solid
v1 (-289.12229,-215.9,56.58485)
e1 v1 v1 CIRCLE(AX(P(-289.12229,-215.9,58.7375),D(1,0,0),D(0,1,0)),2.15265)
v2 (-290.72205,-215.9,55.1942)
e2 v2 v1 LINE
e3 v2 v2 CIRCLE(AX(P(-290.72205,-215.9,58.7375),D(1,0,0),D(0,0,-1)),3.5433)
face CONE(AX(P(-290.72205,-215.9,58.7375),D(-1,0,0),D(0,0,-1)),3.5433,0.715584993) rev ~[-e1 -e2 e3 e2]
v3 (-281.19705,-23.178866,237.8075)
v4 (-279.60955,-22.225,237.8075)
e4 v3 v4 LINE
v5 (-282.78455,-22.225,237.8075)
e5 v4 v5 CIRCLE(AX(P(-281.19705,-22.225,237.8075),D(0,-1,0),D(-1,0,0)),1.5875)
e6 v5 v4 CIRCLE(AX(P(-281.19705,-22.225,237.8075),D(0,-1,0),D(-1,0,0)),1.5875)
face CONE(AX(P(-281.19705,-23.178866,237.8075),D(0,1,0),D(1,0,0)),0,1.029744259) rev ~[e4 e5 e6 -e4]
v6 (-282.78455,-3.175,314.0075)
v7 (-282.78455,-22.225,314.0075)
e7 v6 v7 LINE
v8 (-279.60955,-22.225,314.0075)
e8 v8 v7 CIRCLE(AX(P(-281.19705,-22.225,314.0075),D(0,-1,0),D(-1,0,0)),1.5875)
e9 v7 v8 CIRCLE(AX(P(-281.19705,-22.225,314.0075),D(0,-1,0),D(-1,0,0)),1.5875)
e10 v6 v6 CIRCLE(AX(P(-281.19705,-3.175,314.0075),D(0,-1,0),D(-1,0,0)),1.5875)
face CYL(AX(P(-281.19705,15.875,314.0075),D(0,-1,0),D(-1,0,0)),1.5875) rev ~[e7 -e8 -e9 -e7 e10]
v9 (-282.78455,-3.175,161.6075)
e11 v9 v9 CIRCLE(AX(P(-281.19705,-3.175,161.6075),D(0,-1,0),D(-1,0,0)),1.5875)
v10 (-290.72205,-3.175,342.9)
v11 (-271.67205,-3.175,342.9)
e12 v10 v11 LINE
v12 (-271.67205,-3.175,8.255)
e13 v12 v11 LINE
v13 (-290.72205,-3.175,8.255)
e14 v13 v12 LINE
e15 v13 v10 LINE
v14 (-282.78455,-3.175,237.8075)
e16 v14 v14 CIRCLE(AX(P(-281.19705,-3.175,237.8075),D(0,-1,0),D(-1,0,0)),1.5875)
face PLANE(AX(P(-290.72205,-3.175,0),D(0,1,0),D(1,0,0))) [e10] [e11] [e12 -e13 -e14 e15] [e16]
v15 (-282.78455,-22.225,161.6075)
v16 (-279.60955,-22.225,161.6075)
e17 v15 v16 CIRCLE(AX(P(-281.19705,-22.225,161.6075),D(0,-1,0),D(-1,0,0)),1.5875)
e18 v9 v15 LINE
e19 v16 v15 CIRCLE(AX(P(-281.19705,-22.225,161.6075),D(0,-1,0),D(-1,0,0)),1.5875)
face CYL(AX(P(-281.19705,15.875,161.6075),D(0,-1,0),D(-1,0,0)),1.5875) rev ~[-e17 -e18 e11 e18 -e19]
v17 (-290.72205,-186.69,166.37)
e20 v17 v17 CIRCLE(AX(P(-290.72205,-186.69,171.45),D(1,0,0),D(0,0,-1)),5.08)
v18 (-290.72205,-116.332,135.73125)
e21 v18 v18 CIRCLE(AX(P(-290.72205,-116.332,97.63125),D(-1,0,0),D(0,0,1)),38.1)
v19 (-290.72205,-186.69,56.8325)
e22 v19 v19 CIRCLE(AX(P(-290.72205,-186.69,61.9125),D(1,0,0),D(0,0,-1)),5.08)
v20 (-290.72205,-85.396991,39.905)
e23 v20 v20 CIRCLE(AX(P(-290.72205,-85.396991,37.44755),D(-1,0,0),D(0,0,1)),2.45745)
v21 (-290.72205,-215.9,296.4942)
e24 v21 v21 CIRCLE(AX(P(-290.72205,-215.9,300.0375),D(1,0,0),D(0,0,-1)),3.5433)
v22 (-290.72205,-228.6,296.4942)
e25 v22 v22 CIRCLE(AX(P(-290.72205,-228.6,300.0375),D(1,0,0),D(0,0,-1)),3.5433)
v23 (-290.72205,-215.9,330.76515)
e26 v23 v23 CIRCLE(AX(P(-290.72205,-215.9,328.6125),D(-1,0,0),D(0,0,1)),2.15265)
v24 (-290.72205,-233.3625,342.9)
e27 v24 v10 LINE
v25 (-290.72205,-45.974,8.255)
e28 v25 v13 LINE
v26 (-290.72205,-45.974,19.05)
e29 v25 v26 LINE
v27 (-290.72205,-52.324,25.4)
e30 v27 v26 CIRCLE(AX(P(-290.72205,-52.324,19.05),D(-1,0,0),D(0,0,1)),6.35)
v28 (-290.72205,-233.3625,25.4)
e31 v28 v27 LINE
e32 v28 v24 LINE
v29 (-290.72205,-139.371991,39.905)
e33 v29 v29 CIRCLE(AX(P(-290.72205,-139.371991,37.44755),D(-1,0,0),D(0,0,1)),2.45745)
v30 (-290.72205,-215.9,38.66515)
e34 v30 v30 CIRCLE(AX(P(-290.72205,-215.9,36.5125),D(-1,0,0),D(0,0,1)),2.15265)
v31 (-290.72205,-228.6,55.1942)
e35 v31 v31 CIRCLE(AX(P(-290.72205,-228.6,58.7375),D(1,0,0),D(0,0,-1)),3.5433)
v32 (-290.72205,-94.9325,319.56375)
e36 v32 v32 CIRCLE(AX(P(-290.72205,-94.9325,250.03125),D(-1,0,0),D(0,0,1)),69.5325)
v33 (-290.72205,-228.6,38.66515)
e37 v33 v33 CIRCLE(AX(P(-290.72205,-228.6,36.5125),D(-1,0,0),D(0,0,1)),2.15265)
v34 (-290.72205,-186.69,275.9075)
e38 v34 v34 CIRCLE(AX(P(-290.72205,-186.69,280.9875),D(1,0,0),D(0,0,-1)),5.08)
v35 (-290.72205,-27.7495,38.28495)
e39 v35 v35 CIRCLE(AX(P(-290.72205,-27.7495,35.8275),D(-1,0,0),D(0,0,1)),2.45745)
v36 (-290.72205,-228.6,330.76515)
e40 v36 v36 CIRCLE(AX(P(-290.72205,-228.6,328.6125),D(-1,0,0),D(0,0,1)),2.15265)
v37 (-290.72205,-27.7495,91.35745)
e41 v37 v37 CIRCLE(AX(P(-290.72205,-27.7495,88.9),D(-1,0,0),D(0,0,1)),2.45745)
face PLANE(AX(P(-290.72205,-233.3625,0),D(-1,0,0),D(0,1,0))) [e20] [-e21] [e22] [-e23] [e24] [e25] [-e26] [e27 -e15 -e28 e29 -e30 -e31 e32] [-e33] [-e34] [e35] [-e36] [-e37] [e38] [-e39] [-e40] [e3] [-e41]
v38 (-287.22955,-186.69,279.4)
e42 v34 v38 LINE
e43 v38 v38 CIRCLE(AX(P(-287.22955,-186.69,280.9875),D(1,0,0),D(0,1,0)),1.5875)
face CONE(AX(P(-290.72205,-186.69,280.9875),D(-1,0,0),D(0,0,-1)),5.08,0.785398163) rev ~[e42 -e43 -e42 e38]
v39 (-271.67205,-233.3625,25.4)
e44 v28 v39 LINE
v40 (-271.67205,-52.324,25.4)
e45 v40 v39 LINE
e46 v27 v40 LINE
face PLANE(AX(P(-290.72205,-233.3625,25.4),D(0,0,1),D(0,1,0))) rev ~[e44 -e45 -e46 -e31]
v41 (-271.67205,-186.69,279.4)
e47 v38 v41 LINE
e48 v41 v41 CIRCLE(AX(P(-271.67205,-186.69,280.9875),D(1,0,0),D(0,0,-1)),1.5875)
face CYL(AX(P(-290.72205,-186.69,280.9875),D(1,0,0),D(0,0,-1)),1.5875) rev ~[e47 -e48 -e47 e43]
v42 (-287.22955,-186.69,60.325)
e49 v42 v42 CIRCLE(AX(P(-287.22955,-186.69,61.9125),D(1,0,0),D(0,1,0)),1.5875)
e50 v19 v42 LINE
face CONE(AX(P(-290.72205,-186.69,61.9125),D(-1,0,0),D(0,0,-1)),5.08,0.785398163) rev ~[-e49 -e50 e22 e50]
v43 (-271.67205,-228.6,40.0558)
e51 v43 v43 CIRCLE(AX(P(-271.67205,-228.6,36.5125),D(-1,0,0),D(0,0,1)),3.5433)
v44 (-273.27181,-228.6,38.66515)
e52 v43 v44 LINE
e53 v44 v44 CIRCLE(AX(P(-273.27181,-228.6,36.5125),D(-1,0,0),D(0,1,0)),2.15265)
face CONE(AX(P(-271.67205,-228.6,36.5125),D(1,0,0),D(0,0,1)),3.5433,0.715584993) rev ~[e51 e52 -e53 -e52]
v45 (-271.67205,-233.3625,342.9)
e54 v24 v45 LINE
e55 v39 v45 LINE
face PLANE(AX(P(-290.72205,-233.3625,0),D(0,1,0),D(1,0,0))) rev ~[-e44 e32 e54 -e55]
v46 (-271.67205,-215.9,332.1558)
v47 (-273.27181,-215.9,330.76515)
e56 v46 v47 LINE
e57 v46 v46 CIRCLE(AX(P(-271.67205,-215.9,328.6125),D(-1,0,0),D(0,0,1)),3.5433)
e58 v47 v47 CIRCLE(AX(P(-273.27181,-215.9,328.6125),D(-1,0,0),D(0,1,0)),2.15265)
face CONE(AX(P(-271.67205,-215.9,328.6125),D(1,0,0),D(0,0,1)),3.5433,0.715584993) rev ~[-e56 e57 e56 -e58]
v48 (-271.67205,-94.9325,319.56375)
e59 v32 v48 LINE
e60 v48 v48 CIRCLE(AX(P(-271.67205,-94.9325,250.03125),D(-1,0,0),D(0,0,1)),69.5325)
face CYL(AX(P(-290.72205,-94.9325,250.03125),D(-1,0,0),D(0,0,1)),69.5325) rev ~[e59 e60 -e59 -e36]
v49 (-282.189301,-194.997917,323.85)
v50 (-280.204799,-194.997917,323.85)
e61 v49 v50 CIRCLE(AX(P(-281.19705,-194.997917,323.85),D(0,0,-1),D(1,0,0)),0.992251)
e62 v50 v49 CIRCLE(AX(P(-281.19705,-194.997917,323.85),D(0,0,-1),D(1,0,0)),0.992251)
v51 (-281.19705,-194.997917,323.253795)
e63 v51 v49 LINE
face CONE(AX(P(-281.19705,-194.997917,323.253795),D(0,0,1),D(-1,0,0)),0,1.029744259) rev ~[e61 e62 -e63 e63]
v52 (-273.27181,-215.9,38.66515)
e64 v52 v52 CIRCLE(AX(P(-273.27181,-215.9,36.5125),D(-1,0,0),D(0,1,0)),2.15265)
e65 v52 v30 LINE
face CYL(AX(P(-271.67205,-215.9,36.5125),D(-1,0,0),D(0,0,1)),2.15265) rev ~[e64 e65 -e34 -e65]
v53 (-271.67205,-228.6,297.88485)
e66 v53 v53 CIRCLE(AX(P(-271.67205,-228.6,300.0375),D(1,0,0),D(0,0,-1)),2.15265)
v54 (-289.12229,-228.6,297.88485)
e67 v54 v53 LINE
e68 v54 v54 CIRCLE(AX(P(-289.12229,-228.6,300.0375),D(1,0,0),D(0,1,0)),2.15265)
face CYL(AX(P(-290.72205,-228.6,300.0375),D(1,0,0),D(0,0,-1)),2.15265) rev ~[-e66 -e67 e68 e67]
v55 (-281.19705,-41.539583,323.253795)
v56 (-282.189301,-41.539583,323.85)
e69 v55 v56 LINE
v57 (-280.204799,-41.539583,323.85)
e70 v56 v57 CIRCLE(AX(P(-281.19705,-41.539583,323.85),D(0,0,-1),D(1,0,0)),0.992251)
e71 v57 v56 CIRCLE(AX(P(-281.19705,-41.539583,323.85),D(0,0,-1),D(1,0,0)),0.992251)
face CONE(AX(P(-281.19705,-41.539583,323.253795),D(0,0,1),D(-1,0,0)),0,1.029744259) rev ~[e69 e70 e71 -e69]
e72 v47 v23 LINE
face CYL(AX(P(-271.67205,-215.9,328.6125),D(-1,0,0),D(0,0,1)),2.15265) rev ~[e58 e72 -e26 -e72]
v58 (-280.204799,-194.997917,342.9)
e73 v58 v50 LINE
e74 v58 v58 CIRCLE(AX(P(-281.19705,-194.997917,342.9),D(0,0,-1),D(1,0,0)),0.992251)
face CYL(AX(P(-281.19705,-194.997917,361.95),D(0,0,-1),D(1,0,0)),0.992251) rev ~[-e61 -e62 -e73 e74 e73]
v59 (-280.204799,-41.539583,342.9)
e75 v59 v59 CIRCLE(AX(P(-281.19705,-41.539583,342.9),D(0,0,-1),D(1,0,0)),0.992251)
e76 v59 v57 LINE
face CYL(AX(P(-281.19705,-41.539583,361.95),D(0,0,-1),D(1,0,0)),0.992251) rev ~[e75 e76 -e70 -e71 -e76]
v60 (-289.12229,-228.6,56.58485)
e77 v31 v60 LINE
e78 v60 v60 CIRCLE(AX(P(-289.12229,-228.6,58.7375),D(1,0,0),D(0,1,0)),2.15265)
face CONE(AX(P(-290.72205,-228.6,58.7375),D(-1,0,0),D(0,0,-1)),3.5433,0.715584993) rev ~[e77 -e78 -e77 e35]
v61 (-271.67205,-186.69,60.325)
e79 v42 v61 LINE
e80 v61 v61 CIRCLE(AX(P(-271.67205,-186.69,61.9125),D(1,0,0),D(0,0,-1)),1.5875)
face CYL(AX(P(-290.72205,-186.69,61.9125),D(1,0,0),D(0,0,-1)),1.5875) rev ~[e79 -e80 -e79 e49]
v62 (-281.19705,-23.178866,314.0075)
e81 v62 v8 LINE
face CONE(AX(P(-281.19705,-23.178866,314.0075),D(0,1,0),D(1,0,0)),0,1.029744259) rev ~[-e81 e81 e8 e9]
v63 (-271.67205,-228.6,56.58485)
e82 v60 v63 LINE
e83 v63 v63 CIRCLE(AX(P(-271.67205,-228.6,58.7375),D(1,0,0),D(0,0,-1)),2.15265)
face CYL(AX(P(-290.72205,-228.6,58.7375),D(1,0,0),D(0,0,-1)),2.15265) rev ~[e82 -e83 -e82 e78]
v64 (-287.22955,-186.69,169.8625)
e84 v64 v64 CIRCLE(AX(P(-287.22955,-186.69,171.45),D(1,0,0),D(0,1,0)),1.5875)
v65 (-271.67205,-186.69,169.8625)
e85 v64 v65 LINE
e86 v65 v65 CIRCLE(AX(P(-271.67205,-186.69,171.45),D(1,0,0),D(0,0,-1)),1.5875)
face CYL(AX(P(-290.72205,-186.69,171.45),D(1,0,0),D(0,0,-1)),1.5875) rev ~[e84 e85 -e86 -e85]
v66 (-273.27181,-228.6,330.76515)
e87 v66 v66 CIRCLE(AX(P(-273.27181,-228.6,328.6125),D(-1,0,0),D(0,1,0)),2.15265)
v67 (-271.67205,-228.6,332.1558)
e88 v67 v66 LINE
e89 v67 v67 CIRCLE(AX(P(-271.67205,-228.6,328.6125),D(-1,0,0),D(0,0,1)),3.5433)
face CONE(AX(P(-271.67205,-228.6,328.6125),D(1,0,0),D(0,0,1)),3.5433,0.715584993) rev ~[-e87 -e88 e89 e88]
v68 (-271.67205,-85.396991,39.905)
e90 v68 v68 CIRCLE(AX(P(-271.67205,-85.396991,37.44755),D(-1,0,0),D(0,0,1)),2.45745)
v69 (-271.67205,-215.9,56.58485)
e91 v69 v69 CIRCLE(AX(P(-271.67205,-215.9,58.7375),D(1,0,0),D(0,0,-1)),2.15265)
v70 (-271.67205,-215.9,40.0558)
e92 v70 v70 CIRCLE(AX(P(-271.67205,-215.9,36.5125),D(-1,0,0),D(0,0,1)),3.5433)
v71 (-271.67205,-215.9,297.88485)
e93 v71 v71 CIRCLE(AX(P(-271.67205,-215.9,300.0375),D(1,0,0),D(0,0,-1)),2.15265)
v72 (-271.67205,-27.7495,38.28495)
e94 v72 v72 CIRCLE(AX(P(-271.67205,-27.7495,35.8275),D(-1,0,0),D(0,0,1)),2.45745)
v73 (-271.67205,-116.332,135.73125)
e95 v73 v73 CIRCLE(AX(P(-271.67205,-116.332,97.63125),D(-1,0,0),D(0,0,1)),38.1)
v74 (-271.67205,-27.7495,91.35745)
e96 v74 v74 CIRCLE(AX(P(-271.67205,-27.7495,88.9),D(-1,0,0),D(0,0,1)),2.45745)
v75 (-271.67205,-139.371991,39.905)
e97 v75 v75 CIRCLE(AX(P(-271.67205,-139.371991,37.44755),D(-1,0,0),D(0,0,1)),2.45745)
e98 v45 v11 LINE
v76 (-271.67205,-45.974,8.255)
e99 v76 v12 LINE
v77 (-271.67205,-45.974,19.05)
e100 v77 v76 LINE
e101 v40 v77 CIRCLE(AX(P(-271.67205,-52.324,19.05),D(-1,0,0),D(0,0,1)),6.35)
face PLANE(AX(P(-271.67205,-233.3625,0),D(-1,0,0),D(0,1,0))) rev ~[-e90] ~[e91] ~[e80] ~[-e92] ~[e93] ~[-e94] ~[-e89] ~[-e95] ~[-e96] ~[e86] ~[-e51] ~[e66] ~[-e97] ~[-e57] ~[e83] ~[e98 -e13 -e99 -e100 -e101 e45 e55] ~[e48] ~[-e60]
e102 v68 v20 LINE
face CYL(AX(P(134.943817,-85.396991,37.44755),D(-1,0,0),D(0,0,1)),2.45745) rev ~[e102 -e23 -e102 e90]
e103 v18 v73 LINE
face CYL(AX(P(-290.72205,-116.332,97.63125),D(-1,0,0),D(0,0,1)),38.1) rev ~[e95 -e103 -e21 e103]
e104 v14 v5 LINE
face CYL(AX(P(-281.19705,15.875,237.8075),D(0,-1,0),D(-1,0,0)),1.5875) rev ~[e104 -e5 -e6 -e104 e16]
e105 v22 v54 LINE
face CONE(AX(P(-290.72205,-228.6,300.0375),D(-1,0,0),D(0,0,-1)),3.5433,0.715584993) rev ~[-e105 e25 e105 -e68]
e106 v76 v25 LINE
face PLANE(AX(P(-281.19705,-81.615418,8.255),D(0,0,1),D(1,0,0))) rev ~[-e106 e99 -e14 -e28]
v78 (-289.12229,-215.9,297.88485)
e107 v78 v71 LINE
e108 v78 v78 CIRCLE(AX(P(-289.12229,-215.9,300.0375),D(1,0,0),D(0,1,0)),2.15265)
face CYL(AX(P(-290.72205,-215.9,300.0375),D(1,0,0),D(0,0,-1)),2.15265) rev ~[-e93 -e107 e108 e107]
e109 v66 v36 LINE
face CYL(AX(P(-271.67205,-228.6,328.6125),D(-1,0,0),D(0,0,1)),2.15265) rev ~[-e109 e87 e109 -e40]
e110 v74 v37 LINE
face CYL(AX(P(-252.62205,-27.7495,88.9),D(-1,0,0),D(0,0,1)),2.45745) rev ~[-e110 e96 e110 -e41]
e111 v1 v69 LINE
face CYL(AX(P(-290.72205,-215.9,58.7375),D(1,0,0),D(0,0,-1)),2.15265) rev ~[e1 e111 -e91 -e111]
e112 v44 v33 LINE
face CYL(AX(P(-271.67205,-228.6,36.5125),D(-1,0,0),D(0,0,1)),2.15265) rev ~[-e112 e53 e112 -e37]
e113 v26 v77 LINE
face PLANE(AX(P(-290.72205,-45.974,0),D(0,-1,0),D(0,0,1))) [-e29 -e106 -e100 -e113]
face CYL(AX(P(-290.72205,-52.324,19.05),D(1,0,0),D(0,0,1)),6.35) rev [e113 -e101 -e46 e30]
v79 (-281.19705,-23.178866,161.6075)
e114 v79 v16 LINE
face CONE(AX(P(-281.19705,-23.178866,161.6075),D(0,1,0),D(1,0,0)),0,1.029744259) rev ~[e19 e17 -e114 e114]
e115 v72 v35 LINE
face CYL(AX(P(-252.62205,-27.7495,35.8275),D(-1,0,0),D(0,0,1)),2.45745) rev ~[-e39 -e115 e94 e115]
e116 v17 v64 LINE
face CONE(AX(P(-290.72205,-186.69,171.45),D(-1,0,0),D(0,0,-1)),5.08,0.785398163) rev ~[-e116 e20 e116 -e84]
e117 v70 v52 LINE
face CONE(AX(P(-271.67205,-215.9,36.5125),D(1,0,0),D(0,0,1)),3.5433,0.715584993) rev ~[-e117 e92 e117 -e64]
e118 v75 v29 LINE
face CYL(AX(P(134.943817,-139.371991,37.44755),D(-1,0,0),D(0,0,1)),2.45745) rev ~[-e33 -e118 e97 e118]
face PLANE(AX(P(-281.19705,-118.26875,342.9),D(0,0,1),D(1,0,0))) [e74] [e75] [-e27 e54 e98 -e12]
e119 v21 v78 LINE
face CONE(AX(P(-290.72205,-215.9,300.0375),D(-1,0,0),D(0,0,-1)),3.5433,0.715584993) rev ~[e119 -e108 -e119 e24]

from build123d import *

# Parameters (mm, degrees)
SKETCH1_W                                         = 19.05
SKETCH1_H                                         = 230.1875
BOSS_EXTRUDE1_DEPTH                               = 342.9
SKETCH2_W                                         = 19.05
SKETCH2_H                                         = 156.880836743
CUT_EXTRUDE1_DEPTH                                = 8.255
F_15_64_0_23438_DIAMETER_HOLE3_D                  = 5.953252
F_15_64_0_23438_DIAMETER_HOLE3_DEPTH              = 12.7
F_15_64_0_23438_DIAMETER_HOLE3_TIP                = 1.788537341
F_5_64_0_07813_DIAMETER_HOLE1_D                   = 3.175
F_5_64_0_07813_DIAMETER_HOLE1_DEPTH               = 38.1
F_5_64_0_07813_DIAMETER_HOLE1_CSINK_D             = 10.16
F_5_64_0_07813_DIAMETER_HOLE1_CSINK_ANGLE         = 82
F_5_64_0_07813_DIAMETER_HOLE1_TIP                 = 0.953866233
F_5_64_0_07813_DIAMETER_HOLE2_D                   = 1.984502
F_5_64_0_07813_DIAMETER_HOLE2_DEPTH               = 38.1
F_5_64_0_07813_DIAMETER_HOLE2_CSINK_D             = 10.16
F_5_64_0_07813_DIAMETER_HOLE2_CSINK_ANGLE         = 82
F_5_64_0_07813_DIAMETER_HOLE2_TIP                 = 0.59620455
F_1_8_0_125_DIAMETER_HOLE1_D                      = 3.175
F_1_8_0_125_DIAMETER_HOLE1_DEPTH                  = 19.05
F_1_8_0_125_DIAMETER_HOLE1_CSINK_D                = 10.16
F_1_8_0_125_DIAMETER_HOLE1_CSINK_ANGLE            = 90
F_8_CLEARANCE_HOLE1_D                             = 4.9149
F_8_CLEARANCE_HOLE1_DEPTH                         = 19.05
CSK_FOR_6_FLAT_HEAD_MACHINE_SCREW_100_D           = 4.3053
CSK_FOR_6_FLAT_HEAD_MACHINE_SCREW_100_DEPTH       = 19.05
CSK_FOR_6_FLAT_HEAD_MACHINE_SCREW_100_CSINK_D     = 7.0866
CSK_FOR_6_FLAT_HEAD_MACHINE_SCREW_100_CSINK_ANGLE = 82
CSK_FOR_6_FLAT_HEAD_MACHINE_SCREW1_D              = 4.3053
CSK_FOR_6_FLAT_HEAD_MACHINE_SCREW1_DEPTH          = 19.05
CSK_FOR_6_FLAT_HEAD_MACHINE_SCREW1_CSINK_D        = 7.0866
CSK_FOR_6_FLAT_HEAD_MACHINE_SCREW1_CSINK_ANGLE    = 82
CUT_EXTRUDE3_REACH                                = 21.05
SKETCH22_W                                        = 25.4
SKETCH22_H                                        = 187.3885
FILLET1_R                                         = 6.35
F_8_CLEARANCE_HOLE2_D                             = 4.9149
CUT_EXTRUDE2_REACH                                = 21.05
SKETCH17_R                                        = 69.5325
SKETCH17_R_2                                      = 38.1


with BuildPart() as part:
    # Sketch1 → Boss-Extrude1 (new body)
    with BuildSketch(Plane.XY):
        with Locations((-281.19705, -118.26875)):
            Rectangle(SKETCH1_W, SKETCH1_H)
    extrude(amount=BOSS_EXTRUDE1_DEPTH)

    # Sketch2 → Cut-Extrude1 (cut)
    with BuildSketch(Plane.XY):
        with Locations((-281.19705, -81.615418372)):
            Rectangle(SKETCH2_W, SKETCH2_H)
    extrude(amount=CUT_EXTRUDE1_DEPTH, mode=Mode.SUBTRACT)

    # 15/64 (0.23438) Diameter Hole3
    with Locations(Plane(origin=(-182.40375, 1936.853954382, -6.35), x_dir=(1, 0, 0), z_dir=(0, 0, -1))):
        with Locations((-262.8265, 2051.088542934), (-262.8265, 2014.068680083), (-262.8265, 1977.048817232), (-98.7933, 2115.959791125), (-98.7933, 2151.166454382)):
            Hole(F_15_64_0_23438_DIAMETER_HOLE3_D / 2, depth=F_15_64_0_23438_DIAMETER_HOLE3_DEPTH)
            with Locations((0, 0, -(F_15_64_0_23438_DIAMETER_HOLE3_DEPTH + F_15_64_0_23438_DIAMETER_HOLE3_TIP / 2))):  # 118° drill point
                Cone(0, F_15_64_0_23438_DIAMETER_HOLE3_D / 2, F_15_64_0_23438_DIAMETER_HOLE3_TIP, mode=Mode.SUBTRACT)

    # 5/64 (0.07813) Diameter Hole1
    with Locations(Plane(origin=(-182.40375, 15.875, 6471.459863233), x_dir=(1, 0, 0), z_dir=(0, 1, 0))):
        with Locations((-262.8265, 6157.452363233), (-98.7933, 6157.452363233), (-262.8265, 6233.652363233), (-98.7933, 6233.652363233), (-262.8265, 6309.852363233), (-98.7933, 6309.852363233), (-267.97, 6119.034863233), (-115.57, 6119.034863233), (-1.27, 6119.034863233), (113.03, 6119.034863233), (265.43, 6119.034863233), (96.2533, 6309.852363233), (260.2865, 6309.852363233), (96.2533, 6233.652363233), (260.2865, 6233.652363233), (96.2533, 6157.452363233), (260.2865, 6157.452363233)):
            CounterSinkHole(F_5_64_0_07813_DIAMETER_HOLE1_D / 2, F_5_64_0_07813_DIAMETER_HOLE1_CSINK_D / 2, depth=F_5_64_0_07813_DIAMETER_HOLE1_DEPTH, counter_sink_angle=F_5_64_0_07813_DIAMETER_HOLE1_CSINK_ANGLE)
            with Locations((0, 0, -(F_5_64_0_07813_DIAMETER_HOLE1_DEPTH + F_5_64_0_07813_DIAMETER_HOLE1_TIP / 2))):  # 118° drill point
                Cone(0, F_5_64_0_07813_DIAMETER_HOLE1_D / 2, F_5_64_0_07813_DIAMETER_HOLE1_TIP, mode=Mode.SUBTRACT)

    # 5/64 (0.07813) Diameter Hole2
    with Locations(Plane(origin=(-182.40375, 1936.853954382, 361.95), x_dir=(-1, 0, 0), z_dir=(0, 0, 1))):
        with Locations((-263.392416364, 1965.434682144), (262.8265, 1964.708862949), (262.8265, 2063.428497217), (98.7933, 2131.851871048), (98.7933, 1978.393537715), (53.56098, 2123.543954382), (-53.56098, 2123.543954382), (-99.322089753, 1978.666800322), (-98.898757225, 2132.124549748), (-263.120086856, 2064.153940785)):
            CounterSinkHole(F_5_64_0_07813_DIAMETER_HOLE2_D / 2, F_5_64_0_07813_DIAMETER_HOLE2_CSINK_D / 2, depth=F_5_64_0_07813_DIAMETER_HOLE2_DEPTH, counter_sink_angle=F_5_64_0_07813_DIAMETER_HOLE2_CSINK_ANGLE)
            with Locations((0, 0, -(F_5_64_0_07813_DIAMETER_HOLE2_DEPTH + F_5_64_0_07813_DIAMETER_HOLE2_TIP / 2))):  # 118° drill point
                Cone(0, F_5_64_0_07813_DIAMETER_HOLE2_D / 2, F_5_64_0_07813_DIAMETER_HOLE2_TIP, mode=Mode.SUBTRACT)

    # 1/8 (0.125) Diameter Hole1
    with Locations(Plane.ZY.offset(290.72205)):
        with Locations((61.9125, -186.69), (280.9875, -186.69), (171.45, -186.69)):
            CounterSinkHole(F_1_8_0_125_DIAMETER_HOLE1_D / 2, F_1_8_0_125_DIAMETER_HOLE1_CSINK_D / 2, depth=F_1_8_0_125_DIAMETER_HOLE1_DEPTH, counter_sink_angle=F_1_8_0_125_DIAMETER_HOLE1_CSINK_ANGLE)

    # #8 Clearance Hole1
    with Locations(Plane(origin=(-271.67205, 0, 0), x_dir=(0, 0, -1), z_dir=(1, 0, 0))):
        with Locations((-88.9, -27.7495), (-35.8275, -27.7495)):
            Hole(F_8_CLEARANCE_HOLE1_D / 2, depth=F_8_CLEARANCE_HOLE1_DEPTH)

    # CSK for #6 Flat Head Machine Screw (100)1
    with Locations(Plane(origin=(-271.67205, 0, 0), x_dir=(0, 0, -1), z_dir=(1, 0, 0))):
        with Locations((-36.5125, -215.9), (-36.5125, -228.6), (-328.6125, -215.9), (-328.6125, -228.6)):
            CounterSinkHole(CSK_FOR_6_FLAT_HEAD_MACHINE_SCREW_100_D / 2, CSK_FOR_6_FLAT_HEAD_MACHINE_SCREW_100_CSINK_D / 2, depth=CSK_FOR_6_FLAT_HEAD_MACHINE_SCREW_100_DEPTH, counter_sink_angle=CSK_FOR_6_FLAT_HEAD_MACHINE_SCREW_100_CSINK_ANGLE)

    # CSK for #6 Flat Head Machine Screw1
    with Locations(Plane.ZY.offset(290.72205)):
        with Locations((58.7375, -228.6), (58.7375, -215.9), (300.0375, -228.6), (300.0375, -215.9)):
            CounterSinkHole(CSK_FOR_6_FLAT_HEAD_MACHINE_SCREW1_D / 2, CSK_FOR_6_FLAT_HEAD_MACHINE_SCREW1_CSINK_D / 2, depth=CSK_FOR_6_FLAT_HEAD_MACHINE_SCREW1_DEPTH, counter_sink_angle=CSK_FOR_6_FLAT_HEAD_MACHINE_SCREW1_CSINK_ANGLE)

    # Sketch22 → Cut-Extrude3 (cut, up to next)
    with BuildSketch(Plane.ZY.offset(290.72205), mode=Mode.PRIVATE) as cut_extrude3_sk1:
        with Locations((12.7, -139.66825)):
            Rectangle(SKETCH22_W, SKETCH22_H)
    cut_extrude3_tool1 = extrude(cut_extrude3_sk1.sketch, amount=-CUT_EXTRUDE3_REACH, mode=Mode.PRIVATE) & part.part
    add(cut_extrude3_tool1.solids().sort_by_distance((-290.72205, -139.66825, 12.7))[0], mode=Mode.SUBTRACT)

    # Fillet1
    fillet1_edges = [part.edges().sort_by_distance(p)[0] for p in [
        (-281.19705, -45.974, 25.4),
    ]]
    fillet(fillet1_edges, radius=FILLET1_R)

    # #8 Clearance Hole2 (through all)
    with Locations(Plane(origin=(-271.67205, 0, 0), x_dir=(0, 0, -1), z_dir=(1, 0, 0))):
        with Locations((-37.44755, -139.371990921), (-37.44755, -85.396990921)):
            Hole(F_8_CLEARANCE_HOLE2_D / 2)

    # Sketch17 → Cut-Extrude2 (cut, up to next)
    with BuildSketch(Plane.ZY.offset(290.72205), mode=Mode.PRIVATE) as cut_extrude2_sk1:
        with Locations((250.03125, -94.9325)):
            Circle(SKETCH17_R)
    cut_extrude2_tool1 = extrude(cut_extrude2_sk1.sketch, amount=-CUT_EXTRUDE2_REACH, mode=Mode.PRIVATE) & part.part
    add(cut_extrude2_tool1.solids().sort_by_distance((-290.72205, -94.9325, 250.03125))[0], mode=Mode.SUBTRACT)
    # Sketch17 → Cut-Extrude2 (cut, up to next)
    with BuildSketch(Plane.ZY.offset(290.72205), mode=Mode.PRIVATE) as cut_extrude2_sk2:
        with Locations((97.63125, -116.332)):
            Circle(SKETCH17_R_2)
    cut_extrude2_tool2 = extrude(cut_extrude2_sk2.sketch, amount=-CUT_EXTRUDE2_REACH, mode=Mode.PRIVATE) & part.part
    add(cut_extrude2_tool2.solids().sort_by_distance((-290.72205, -116.332, 97.63125))[0], mode=Mode.SUBTRACT)


solid = part.part
